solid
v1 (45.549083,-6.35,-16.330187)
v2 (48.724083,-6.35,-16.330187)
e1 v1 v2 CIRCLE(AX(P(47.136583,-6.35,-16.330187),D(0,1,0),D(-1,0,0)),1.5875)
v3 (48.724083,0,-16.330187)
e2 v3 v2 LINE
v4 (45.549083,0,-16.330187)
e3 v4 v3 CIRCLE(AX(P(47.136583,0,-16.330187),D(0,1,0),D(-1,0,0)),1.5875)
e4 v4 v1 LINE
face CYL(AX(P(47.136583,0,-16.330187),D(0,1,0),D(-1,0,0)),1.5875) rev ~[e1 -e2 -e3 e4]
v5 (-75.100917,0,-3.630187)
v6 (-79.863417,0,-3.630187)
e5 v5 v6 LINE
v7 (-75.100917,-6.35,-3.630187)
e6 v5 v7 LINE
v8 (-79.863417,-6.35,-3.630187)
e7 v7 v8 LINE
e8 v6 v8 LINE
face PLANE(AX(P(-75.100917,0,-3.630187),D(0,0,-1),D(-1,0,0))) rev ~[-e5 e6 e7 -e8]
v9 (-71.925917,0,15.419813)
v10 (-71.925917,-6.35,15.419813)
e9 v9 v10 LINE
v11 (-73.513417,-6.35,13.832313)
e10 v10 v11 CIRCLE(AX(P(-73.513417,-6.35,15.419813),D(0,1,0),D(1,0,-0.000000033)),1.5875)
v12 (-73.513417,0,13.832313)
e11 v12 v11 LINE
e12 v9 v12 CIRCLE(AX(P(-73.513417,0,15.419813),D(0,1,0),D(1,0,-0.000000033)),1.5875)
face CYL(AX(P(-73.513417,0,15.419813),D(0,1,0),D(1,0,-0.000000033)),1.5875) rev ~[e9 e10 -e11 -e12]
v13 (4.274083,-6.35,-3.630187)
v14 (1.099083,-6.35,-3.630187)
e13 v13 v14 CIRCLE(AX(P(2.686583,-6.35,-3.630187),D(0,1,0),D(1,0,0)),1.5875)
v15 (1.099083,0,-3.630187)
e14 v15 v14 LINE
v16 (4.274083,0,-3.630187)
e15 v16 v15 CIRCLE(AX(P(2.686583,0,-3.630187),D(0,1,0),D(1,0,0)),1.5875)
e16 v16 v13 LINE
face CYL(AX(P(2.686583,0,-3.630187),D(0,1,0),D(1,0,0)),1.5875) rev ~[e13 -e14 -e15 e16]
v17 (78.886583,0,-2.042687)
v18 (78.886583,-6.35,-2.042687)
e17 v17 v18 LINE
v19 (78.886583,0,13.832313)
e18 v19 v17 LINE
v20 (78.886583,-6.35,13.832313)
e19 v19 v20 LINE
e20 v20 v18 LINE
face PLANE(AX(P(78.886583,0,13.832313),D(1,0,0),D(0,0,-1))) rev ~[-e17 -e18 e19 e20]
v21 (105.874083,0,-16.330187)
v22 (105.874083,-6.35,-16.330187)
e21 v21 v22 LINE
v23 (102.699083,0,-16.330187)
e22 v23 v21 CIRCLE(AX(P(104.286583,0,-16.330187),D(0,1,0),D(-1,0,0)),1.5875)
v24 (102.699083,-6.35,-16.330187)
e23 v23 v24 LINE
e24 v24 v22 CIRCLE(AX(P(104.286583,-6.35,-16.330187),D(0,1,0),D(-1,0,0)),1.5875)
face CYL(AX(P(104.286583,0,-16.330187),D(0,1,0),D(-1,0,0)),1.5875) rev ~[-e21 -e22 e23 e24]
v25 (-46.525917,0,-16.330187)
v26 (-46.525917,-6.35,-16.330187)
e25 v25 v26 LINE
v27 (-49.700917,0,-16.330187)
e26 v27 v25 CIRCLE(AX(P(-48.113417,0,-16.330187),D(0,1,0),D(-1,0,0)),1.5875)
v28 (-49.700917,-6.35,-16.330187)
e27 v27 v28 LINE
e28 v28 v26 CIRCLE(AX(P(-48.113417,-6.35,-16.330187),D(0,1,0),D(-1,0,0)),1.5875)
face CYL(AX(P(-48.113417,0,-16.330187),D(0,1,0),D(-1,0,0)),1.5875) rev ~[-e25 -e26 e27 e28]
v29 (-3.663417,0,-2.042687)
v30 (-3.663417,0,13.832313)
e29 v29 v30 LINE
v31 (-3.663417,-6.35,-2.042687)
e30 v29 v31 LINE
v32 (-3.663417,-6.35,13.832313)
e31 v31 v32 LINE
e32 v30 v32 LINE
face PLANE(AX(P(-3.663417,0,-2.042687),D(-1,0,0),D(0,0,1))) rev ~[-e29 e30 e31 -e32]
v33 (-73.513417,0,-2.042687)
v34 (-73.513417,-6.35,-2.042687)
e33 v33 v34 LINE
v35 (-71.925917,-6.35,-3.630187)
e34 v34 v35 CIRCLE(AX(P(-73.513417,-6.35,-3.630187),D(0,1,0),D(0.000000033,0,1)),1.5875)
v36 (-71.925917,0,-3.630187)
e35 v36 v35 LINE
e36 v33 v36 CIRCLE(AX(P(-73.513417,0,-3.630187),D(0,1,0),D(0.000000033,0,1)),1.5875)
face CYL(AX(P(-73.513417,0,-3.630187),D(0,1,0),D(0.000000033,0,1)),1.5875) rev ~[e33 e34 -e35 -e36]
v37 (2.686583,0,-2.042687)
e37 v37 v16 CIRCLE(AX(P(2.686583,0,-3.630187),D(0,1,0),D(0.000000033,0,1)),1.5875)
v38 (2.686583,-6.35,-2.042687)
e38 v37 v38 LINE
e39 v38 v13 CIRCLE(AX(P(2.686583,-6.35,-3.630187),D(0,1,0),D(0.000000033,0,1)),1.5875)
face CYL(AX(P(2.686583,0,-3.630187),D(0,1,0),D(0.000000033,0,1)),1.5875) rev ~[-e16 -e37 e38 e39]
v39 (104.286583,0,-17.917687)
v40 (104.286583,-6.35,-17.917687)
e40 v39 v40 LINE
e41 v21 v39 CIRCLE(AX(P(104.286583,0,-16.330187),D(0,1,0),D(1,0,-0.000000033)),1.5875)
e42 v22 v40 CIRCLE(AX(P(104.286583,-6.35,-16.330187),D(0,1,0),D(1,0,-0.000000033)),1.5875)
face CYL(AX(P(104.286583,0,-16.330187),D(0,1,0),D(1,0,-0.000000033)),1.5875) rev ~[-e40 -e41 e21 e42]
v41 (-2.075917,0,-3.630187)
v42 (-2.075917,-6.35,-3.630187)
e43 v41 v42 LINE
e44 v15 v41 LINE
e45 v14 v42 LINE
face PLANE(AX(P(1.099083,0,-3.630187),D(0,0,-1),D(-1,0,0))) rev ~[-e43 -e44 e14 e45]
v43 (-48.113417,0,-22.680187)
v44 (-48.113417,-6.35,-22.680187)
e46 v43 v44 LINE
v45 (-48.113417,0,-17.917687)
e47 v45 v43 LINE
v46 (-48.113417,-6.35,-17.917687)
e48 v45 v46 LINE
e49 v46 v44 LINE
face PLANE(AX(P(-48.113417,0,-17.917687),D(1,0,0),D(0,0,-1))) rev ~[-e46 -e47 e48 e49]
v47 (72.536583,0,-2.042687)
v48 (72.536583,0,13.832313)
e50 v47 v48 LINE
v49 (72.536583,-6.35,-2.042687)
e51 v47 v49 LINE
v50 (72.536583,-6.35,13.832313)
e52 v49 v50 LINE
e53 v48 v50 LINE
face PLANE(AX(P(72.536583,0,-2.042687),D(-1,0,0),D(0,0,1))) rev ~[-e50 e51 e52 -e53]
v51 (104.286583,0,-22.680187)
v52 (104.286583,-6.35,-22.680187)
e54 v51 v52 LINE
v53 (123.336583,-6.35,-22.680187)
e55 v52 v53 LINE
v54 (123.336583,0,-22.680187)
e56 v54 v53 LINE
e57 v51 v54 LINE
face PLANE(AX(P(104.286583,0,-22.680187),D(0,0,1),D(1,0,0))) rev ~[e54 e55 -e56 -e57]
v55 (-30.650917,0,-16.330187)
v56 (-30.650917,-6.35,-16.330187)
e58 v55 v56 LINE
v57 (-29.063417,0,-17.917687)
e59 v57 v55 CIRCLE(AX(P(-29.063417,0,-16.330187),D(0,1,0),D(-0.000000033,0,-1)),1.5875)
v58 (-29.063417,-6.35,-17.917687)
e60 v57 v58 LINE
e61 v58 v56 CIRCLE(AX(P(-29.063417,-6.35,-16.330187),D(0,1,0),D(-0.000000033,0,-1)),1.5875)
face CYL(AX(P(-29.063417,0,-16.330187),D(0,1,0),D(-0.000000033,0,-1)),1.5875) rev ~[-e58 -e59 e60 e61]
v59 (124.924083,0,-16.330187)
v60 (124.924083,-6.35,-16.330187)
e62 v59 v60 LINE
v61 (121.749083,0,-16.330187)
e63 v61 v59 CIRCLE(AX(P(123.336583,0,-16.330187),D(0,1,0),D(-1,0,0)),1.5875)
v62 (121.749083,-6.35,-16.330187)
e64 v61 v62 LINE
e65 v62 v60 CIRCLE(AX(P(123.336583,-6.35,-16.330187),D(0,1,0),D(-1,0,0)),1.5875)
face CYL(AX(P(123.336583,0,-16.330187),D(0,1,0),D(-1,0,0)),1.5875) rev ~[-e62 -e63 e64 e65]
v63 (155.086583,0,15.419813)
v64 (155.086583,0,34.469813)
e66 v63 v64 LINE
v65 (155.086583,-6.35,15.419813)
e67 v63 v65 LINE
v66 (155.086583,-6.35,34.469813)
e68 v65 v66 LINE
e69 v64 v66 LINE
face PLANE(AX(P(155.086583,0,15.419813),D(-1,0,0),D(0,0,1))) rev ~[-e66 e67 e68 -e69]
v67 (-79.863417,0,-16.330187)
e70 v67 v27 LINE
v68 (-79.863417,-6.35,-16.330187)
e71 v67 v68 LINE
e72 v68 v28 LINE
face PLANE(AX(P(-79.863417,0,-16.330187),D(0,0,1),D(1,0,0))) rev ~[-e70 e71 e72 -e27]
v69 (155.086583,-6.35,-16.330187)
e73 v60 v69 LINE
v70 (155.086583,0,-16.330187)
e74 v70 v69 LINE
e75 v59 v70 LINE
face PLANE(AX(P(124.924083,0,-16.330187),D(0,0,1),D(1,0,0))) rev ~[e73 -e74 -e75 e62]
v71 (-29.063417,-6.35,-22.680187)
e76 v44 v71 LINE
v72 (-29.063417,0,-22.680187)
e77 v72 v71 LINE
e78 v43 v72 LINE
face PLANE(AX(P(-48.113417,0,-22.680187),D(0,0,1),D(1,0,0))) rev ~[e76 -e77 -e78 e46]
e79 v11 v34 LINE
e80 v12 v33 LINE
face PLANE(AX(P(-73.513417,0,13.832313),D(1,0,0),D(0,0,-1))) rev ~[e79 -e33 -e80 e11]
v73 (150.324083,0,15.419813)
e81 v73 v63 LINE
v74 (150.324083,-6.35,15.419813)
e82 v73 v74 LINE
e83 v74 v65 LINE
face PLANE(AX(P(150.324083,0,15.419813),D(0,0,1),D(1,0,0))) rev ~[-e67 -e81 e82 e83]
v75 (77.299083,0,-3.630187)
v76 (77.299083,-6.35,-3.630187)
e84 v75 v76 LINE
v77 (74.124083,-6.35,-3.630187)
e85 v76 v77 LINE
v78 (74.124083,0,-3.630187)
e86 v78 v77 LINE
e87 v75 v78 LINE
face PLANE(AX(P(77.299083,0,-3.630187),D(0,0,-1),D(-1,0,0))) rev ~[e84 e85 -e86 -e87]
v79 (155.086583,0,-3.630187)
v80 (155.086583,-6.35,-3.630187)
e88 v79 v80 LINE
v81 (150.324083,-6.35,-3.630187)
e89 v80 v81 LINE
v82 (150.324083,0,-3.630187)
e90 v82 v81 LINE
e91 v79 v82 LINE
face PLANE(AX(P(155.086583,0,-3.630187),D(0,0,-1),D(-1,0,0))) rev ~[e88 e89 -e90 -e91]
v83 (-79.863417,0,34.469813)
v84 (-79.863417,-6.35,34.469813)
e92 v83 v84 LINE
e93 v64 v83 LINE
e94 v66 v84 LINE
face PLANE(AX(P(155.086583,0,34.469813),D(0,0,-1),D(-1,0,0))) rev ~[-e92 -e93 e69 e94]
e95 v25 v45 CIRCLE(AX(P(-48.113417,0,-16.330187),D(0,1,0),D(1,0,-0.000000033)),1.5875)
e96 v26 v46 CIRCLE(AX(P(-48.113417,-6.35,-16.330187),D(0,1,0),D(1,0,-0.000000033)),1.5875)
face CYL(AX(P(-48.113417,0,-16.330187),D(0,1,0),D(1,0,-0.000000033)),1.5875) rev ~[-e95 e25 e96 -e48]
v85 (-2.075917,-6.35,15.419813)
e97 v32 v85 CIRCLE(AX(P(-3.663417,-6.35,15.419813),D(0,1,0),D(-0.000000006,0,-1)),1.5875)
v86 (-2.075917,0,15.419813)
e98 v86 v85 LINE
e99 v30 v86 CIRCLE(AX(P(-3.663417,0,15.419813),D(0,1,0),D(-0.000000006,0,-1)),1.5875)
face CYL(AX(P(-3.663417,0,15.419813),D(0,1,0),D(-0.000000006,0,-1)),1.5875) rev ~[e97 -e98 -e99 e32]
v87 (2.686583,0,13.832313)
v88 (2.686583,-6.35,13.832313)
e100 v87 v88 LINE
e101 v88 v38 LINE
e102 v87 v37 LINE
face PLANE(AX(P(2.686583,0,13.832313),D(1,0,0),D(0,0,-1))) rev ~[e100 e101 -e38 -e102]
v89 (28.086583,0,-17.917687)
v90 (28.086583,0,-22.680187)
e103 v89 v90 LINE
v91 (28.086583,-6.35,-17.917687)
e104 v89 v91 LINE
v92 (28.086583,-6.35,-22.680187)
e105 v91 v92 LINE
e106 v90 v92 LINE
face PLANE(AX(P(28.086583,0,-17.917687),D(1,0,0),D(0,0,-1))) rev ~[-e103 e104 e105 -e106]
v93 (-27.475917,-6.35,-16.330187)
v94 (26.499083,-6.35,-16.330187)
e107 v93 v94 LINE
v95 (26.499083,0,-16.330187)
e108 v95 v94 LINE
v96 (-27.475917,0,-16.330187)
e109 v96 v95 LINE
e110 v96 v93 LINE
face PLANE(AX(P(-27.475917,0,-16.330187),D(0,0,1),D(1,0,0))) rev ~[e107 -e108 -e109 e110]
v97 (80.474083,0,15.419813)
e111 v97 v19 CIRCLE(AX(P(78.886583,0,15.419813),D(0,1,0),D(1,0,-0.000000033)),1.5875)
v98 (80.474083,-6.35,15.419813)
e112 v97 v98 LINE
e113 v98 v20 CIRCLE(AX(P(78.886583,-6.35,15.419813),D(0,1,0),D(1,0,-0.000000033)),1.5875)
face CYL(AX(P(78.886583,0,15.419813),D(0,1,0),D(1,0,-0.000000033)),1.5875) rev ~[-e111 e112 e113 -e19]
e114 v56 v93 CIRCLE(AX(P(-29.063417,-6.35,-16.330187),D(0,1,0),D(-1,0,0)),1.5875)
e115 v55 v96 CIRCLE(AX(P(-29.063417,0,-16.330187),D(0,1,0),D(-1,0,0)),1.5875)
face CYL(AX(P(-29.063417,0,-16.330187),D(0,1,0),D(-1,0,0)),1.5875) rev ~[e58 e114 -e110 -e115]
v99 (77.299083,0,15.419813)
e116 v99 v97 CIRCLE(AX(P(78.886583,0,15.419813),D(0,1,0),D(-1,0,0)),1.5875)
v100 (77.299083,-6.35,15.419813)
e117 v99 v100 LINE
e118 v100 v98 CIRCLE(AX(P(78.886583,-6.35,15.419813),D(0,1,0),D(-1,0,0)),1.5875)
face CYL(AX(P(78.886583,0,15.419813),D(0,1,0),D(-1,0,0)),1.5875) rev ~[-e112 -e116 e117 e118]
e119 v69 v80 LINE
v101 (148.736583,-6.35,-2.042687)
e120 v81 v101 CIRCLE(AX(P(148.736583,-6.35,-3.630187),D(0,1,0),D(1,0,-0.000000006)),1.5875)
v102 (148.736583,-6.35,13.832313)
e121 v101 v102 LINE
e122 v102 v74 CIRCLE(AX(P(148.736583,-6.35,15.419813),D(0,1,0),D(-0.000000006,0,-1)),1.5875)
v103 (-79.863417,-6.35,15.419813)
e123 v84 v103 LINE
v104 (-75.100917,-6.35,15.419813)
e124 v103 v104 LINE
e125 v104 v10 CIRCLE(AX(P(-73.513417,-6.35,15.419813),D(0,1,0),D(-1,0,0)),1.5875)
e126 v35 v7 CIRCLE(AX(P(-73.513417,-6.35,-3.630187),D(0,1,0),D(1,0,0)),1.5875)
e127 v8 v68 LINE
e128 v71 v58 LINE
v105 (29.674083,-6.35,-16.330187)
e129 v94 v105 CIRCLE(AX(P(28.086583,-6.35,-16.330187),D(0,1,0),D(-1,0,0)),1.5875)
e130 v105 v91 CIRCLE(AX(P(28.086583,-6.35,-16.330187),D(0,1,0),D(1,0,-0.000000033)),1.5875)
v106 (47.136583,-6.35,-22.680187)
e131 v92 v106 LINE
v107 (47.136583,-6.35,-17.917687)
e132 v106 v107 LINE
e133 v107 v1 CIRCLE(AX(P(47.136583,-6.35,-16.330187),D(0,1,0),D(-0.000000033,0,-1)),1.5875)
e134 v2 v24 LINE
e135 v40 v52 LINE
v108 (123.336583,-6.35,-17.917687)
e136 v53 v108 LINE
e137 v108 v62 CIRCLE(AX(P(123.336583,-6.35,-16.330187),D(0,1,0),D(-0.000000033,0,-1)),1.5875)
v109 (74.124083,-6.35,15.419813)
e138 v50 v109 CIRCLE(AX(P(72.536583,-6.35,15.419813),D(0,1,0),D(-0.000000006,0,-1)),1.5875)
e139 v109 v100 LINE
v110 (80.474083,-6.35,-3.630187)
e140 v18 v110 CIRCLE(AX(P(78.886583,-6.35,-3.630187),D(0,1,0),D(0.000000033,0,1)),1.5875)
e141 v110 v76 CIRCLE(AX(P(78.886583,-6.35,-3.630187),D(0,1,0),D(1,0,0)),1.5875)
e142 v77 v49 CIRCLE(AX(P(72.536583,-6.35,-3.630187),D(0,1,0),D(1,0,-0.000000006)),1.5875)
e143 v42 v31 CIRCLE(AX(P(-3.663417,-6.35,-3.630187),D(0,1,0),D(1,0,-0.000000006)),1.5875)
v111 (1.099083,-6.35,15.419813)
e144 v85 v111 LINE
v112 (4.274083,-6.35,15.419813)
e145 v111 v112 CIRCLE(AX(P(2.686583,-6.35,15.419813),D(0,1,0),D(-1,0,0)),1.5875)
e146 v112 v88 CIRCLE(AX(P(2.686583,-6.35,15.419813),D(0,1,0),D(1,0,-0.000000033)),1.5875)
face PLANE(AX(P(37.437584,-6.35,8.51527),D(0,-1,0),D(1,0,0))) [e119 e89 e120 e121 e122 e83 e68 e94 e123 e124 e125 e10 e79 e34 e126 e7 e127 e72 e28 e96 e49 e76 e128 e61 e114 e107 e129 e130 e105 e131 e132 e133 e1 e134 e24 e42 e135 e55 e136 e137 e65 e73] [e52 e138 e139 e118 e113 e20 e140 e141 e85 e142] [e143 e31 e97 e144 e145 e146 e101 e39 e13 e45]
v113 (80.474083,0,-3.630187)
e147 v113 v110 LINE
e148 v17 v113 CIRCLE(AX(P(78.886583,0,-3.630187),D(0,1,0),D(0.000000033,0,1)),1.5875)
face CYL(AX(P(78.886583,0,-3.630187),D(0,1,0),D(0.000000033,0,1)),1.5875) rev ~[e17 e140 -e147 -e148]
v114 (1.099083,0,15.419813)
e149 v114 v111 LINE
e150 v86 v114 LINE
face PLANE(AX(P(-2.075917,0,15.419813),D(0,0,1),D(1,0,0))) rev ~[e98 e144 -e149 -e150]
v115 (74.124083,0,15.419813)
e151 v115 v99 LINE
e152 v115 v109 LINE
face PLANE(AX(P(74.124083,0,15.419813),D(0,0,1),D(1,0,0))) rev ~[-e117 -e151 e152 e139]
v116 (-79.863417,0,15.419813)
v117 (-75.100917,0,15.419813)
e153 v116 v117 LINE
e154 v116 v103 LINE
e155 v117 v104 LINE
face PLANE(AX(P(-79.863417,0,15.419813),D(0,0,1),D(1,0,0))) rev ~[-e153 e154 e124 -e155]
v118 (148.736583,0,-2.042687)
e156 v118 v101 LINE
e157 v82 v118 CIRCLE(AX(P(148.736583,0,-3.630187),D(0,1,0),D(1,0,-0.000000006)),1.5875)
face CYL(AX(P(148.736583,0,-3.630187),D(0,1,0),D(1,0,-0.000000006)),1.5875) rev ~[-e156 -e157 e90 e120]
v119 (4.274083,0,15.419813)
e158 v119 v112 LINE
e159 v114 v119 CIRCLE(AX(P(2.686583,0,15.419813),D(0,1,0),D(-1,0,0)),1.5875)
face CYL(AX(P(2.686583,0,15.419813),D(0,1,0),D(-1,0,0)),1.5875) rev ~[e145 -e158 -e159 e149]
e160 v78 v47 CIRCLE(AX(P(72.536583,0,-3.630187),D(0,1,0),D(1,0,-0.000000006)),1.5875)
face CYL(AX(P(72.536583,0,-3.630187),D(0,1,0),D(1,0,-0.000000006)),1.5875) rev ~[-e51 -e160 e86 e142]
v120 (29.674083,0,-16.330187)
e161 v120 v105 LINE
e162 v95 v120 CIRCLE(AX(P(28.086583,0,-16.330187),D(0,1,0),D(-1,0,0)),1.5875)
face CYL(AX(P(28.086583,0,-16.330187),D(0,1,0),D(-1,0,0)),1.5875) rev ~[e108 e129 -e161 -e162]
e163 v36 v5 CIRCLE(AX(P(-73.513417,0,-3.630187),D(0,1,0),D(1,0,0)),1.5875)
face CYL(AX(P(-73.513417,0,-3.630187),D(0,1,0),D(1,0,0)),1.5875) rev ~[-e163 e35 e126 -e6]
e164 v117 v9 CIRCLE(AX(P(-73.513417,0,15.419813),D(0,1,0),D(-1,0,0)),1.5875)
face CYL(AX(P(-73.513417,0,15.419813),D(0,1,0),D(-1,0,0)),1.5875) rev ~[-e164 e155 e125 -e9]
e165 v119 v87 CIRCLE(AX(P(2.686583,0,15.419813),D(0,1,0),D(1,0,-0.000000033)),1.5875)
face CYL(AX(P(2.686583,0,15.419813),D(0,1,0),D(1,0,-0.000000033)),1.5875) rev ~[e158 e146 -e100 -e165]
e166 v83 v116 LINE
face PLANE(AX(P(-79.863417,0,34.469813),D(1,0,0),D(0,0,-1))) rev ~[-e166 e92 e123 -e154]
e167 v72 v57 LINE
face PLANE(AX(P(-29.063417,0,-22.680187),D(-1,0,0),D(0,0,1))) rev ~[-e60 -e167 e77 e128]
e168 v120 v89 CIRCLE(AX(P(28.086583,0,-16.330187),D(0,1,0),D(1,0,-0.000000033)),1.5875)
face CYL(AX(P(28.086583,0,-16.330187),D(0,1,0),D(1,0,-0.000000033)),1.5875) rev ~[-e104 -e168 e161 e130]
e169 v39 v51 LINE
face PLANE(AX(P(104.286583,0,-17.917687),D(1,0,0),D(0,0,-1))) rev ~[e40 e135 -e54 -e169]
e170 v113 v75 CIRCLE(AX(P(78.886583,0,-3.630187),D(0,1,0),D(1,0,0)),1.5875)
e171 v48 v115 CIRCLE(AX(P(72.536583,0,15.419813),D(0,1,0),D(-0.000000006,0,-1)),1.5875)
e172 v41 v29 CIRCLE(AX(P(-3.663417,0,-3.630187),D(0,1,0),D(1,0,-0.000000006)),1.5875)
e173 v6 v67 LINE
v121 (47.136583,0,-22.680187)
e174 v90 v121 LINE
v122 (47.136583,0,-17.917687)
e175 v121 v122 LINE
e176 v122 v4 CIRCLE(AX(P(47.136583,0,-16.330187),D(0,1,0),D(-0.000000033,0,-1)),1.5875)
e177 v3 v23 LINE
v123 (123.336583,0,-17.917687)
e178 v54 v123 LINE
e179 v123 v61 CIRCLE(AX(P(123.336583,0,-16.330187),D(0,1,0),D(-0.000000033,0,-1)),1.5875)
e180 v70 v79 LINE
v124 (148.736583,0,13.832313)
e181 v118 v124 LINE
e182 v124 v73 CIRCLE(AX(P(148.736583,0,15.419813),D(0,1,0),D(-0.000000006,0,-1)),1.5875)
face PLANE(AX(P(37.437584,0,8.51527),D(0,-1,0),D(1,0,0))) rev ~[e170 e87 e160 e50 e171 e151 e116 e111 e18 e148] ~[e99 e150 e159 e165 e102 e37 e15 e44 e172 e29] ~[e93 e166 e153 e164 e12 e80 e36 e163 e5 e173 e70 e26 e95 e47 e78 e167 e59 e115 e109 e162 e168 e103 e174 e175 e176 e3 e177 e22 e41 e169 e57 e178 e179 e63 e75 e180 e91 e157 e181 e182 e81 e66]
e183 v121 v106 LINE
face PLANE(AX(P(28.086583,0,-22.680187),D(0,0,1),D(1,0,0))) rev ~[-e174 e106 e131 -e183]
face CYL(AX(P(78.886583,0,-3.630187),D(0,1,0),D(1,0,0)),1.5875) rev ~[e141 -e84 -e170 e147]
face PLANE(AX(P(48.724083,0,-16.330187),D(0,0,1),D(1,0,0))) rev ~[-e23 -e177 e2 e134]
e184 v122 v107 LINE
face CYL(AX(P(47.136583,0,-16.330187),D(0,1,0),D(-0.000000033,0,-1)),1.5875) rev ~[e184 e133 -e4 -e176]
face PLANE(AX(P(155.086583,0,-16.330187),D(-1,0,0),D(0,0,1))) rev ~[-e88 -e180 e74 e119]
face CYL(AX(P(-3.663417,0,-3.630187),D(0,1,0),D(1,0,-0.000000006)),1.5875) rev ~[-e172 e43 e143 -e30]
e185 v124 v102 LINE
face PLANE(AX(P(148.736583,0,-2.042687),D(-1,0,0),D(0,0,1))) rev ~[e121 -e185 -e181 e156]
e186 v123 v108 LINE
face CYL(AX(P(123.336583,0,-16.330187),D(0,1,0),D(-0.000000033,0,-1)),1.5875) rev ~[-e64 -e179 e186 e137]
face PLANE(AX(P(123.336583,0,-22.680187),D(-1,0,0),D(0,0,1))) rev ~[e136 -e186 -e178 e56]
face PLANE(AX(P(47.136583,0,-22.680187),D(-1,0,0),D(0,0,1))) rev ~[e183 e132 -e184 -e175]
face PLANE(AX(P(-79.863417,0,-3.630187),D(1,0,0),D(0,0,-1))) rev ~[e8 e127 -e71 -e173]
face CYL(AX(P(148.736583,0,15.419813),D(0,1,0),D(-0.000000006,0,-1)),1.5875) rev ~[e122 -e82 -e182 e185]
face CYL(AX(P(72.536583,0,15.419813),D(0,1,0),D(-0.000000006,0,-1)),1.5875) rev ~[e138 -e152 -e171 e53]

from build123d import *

# Parameters (mm, degrees)
F1_DEPTH = 6.35


with BuildPart() as f1:
    # F0 (on Front) → F1 (new body)
    with BuildSketch(Plane.XZ):
        with BuildLine():
            Line((155.086583, 34.469813), (-79.863417, 34.469813))
            Line((-79.863417, 34.469813), (-79.863417, 15.419813))
            Line((-79.863417, 15.419813), (-75.100917, 15.419813))
            ThreePointArc((-75.100917, 15.419813), (-73.513417, 17.007313), (-71.925917, 15.419813))
            ThreePointArc((-71.925917, 15.419813), (-72.390885, 14.297281), (-73.513417, 13.832313))
            Line((-73.513417, 13.832313), (-73.513417, -2.042687))
            ThreePointArc((-73.513417, -2.042687), (-72.390885, -2.507655), (-71.925917, -3.630187))
            ThreePointArc((-71.925917, -3.630187), (-73.513417, -5.217687), (-75.100917, -3.630187))
            Line((-75.100917, -3.630187), (-79.863417, -3.630187))
            Line((-79.863417, -3.630187), (-79.863417, -16.330187))
            Line((-79.863417, -16.330187), (-49.700917, -16.330187))
            ThreePointArc((-49.700917, -16.330187), (-48.113417, -14.742687), (-46.525917, -16.330187))
            Line((-46.525917, -16.330187), (-30.650917, -16.330187))
            ThreePointArc((-30.650917, -16.330187), (-29.063417, -14.742687), (-27.475917, -16.330187))
            Line((-27.475917, -16.330187), (26.499083, -16.330187))
            ThreePointArc((26.499083, -16.330187), (28.086583, -14.742687), (29.674083, -16.330187))
            Line((29.674083, -16.330187), (45.549083, -16.330187))
            ThreePointArc((45.549083, -16.330187), (47.136583, -14.742687), (48.724083, -16.330187))
            Line((48.724083, -16.330187), (102.699083, -16.330187))
            ThreePointArc((102.699083, -16.330187), (104.286583, -14.742687), (105.874083, -16.330187))
            Line((105.874083, -16.330187), (121.749083, -16.330187))
            ThreePointArc((121.749083, -16.330187), (123.336583, -14.742687), (124.924083, -16.330187))
            Line((124.924083, -16.330187), (155.086583, -16.330187))
            Line((155.086583, -16.330187), (155.086583, -3.630187))
            Line((155.086583, -3.630187), (150.324083, -3.630187))
            ThreePointArc((150.324083, -3.630187), (147.614051, -4.752719), (148.736583, -2.042687))
            Line((148.736583, -2.042687), (148.736583, 13.832313))
            ThreePointArc((148.736583, 13.832313), (147.614051, 16.542345), (150.324083, 15.419813))
            Line((150.324083, 15.419813), (155.086583, 15.419813))
            Line((155.086583, 15.419813), (155.086583, 34.469813))
        make_face()
        with BuildLine():
            ThreePointArc((-3.663417, 13.832313), (-4.785949, 16.542345), (-2.075917, 15.419813))
            Line((-2.075917, 15.419813), (1.099083, 15.419813))
            ThreePointArc((1.099083, 15.419813), (2.686583, 17.007313), (4.274083, 15.419813))
            ThreePointArc((4.274083, 15.419813), (3.809115, 14.297281), (2.686583, 13.832313))
            Line((2.686583, 13.832313), (2.686583, -2.042687))
            ThreePointArc((2.686583, -2.042687), (3.809115, -2.507655), (4.274083, -3.630187))
            ThreePointArc((4.274083, -3.630187), (2.686583, -5.217687), (1.099083, -3.630187))
            Line((1.099083, -3.630187), (-2.075917, -3.630187))
            ThreePointArc((-2.075917, -3.630187), (-4.785949, -4.752719), (-3.663417, -2.042687))
            Line((-3.663417, -2.042687), (-3.663417, 13.832313))
        make_face(mode=Mode.SUBTRACT)
        with BuildLine():
            ThreePointArc((72.536583, 13.832313), (71.414051, 16.542345), (74.124083, 15.419813))
            Line((74.124083, 15.419813), (77.299083, 15.419813))
            ThreePointArc((77.299083, 15.419813), (78.886583, 17.007313), (80.474083, 15.419813))
            ThreePointArc((80.474083, 15.419813), (80.009115, 14.297281), (78.886583, 13.832313))
            Line((78.886583, 13.832313), (78.886583, -2.042687))
            ThreePointArc((78.886583, -2.042687), (80.009115, -2.507655), (80.474083, -3.630187))
            ThreePointArc((80.474083, -3.630187), (78.886583, -5.217687), (77.299083, -3.630187))
            Line((77.299083, -3.630187), (74.124083, -3.630187))
            ThreePointArc((74.124083, -3.630187), (71.414051, -4.752719), (72.536583, -2.042687))
            Line((72.536583, -2.042687), (72.536583, 13.832313))
        make_face(mode=Mode.SUBTRACT)
        with BuildLine():
            Line((-30.650917, -16.330187), (-46.525917, -16.330187))
            ThreePointArc((-46.525917, -16.330187), (-46.990885, -17.452719), (-48.113417, -17.917687))
            Line((-48.113417, -17.917687), (-48.113417, -22.680187))
            Line((-48.113417, -22.680187), (-29.063417, -22.680187))
            Line((-29.063417, -22.680187), (-29.063417, -17.917687))
            ThreePointArc((-29.063417, -17.917687), (-30.185949, -17.452719), (-30.650917, -16.330187))
        make_face()
        with BuildLine():
            Line((45.549083, -16.330187), (29.674083, -16.330187))
            ThreePointArc((29.674083, -16.330187), (29.209115, -17.452719), (28.086583, -17.917687))
            Line((28.086583, -17.917687), (28.086583, -22.680187))
            Line((28.086583, -22.680187), (47.136583, -22.680187))
            Line((47.136583, -22.680187), (47.136583, -17.917687))
            ThreePointArc((47.136583, -17.917687), (46.014051, -17.452719), (45.549083, -16.330187))
        make_face()
        with BuildLine():
            ThreePointArc((123.336583, -17.917687), (122.214051, -17.452719), (121.749083, -16.330187))
            Line((121.749083, -16.330187), (105.874083, -16.330187))
            ThreePointArc((105.874083, -16.330187), (105.409115, -17.452719), (104.286583, -17.917687))
            Line((104.286583, -17.917687), (104.286583, -22.680187))
            Line((104.286583, -22.680187), (123.336583, -22.680187))
            Line((123.336583, -22.680187), (123.336583, -17.917687))
        make_face()
    extrude(amount=F1_DEPTH)


solid = f1.part
